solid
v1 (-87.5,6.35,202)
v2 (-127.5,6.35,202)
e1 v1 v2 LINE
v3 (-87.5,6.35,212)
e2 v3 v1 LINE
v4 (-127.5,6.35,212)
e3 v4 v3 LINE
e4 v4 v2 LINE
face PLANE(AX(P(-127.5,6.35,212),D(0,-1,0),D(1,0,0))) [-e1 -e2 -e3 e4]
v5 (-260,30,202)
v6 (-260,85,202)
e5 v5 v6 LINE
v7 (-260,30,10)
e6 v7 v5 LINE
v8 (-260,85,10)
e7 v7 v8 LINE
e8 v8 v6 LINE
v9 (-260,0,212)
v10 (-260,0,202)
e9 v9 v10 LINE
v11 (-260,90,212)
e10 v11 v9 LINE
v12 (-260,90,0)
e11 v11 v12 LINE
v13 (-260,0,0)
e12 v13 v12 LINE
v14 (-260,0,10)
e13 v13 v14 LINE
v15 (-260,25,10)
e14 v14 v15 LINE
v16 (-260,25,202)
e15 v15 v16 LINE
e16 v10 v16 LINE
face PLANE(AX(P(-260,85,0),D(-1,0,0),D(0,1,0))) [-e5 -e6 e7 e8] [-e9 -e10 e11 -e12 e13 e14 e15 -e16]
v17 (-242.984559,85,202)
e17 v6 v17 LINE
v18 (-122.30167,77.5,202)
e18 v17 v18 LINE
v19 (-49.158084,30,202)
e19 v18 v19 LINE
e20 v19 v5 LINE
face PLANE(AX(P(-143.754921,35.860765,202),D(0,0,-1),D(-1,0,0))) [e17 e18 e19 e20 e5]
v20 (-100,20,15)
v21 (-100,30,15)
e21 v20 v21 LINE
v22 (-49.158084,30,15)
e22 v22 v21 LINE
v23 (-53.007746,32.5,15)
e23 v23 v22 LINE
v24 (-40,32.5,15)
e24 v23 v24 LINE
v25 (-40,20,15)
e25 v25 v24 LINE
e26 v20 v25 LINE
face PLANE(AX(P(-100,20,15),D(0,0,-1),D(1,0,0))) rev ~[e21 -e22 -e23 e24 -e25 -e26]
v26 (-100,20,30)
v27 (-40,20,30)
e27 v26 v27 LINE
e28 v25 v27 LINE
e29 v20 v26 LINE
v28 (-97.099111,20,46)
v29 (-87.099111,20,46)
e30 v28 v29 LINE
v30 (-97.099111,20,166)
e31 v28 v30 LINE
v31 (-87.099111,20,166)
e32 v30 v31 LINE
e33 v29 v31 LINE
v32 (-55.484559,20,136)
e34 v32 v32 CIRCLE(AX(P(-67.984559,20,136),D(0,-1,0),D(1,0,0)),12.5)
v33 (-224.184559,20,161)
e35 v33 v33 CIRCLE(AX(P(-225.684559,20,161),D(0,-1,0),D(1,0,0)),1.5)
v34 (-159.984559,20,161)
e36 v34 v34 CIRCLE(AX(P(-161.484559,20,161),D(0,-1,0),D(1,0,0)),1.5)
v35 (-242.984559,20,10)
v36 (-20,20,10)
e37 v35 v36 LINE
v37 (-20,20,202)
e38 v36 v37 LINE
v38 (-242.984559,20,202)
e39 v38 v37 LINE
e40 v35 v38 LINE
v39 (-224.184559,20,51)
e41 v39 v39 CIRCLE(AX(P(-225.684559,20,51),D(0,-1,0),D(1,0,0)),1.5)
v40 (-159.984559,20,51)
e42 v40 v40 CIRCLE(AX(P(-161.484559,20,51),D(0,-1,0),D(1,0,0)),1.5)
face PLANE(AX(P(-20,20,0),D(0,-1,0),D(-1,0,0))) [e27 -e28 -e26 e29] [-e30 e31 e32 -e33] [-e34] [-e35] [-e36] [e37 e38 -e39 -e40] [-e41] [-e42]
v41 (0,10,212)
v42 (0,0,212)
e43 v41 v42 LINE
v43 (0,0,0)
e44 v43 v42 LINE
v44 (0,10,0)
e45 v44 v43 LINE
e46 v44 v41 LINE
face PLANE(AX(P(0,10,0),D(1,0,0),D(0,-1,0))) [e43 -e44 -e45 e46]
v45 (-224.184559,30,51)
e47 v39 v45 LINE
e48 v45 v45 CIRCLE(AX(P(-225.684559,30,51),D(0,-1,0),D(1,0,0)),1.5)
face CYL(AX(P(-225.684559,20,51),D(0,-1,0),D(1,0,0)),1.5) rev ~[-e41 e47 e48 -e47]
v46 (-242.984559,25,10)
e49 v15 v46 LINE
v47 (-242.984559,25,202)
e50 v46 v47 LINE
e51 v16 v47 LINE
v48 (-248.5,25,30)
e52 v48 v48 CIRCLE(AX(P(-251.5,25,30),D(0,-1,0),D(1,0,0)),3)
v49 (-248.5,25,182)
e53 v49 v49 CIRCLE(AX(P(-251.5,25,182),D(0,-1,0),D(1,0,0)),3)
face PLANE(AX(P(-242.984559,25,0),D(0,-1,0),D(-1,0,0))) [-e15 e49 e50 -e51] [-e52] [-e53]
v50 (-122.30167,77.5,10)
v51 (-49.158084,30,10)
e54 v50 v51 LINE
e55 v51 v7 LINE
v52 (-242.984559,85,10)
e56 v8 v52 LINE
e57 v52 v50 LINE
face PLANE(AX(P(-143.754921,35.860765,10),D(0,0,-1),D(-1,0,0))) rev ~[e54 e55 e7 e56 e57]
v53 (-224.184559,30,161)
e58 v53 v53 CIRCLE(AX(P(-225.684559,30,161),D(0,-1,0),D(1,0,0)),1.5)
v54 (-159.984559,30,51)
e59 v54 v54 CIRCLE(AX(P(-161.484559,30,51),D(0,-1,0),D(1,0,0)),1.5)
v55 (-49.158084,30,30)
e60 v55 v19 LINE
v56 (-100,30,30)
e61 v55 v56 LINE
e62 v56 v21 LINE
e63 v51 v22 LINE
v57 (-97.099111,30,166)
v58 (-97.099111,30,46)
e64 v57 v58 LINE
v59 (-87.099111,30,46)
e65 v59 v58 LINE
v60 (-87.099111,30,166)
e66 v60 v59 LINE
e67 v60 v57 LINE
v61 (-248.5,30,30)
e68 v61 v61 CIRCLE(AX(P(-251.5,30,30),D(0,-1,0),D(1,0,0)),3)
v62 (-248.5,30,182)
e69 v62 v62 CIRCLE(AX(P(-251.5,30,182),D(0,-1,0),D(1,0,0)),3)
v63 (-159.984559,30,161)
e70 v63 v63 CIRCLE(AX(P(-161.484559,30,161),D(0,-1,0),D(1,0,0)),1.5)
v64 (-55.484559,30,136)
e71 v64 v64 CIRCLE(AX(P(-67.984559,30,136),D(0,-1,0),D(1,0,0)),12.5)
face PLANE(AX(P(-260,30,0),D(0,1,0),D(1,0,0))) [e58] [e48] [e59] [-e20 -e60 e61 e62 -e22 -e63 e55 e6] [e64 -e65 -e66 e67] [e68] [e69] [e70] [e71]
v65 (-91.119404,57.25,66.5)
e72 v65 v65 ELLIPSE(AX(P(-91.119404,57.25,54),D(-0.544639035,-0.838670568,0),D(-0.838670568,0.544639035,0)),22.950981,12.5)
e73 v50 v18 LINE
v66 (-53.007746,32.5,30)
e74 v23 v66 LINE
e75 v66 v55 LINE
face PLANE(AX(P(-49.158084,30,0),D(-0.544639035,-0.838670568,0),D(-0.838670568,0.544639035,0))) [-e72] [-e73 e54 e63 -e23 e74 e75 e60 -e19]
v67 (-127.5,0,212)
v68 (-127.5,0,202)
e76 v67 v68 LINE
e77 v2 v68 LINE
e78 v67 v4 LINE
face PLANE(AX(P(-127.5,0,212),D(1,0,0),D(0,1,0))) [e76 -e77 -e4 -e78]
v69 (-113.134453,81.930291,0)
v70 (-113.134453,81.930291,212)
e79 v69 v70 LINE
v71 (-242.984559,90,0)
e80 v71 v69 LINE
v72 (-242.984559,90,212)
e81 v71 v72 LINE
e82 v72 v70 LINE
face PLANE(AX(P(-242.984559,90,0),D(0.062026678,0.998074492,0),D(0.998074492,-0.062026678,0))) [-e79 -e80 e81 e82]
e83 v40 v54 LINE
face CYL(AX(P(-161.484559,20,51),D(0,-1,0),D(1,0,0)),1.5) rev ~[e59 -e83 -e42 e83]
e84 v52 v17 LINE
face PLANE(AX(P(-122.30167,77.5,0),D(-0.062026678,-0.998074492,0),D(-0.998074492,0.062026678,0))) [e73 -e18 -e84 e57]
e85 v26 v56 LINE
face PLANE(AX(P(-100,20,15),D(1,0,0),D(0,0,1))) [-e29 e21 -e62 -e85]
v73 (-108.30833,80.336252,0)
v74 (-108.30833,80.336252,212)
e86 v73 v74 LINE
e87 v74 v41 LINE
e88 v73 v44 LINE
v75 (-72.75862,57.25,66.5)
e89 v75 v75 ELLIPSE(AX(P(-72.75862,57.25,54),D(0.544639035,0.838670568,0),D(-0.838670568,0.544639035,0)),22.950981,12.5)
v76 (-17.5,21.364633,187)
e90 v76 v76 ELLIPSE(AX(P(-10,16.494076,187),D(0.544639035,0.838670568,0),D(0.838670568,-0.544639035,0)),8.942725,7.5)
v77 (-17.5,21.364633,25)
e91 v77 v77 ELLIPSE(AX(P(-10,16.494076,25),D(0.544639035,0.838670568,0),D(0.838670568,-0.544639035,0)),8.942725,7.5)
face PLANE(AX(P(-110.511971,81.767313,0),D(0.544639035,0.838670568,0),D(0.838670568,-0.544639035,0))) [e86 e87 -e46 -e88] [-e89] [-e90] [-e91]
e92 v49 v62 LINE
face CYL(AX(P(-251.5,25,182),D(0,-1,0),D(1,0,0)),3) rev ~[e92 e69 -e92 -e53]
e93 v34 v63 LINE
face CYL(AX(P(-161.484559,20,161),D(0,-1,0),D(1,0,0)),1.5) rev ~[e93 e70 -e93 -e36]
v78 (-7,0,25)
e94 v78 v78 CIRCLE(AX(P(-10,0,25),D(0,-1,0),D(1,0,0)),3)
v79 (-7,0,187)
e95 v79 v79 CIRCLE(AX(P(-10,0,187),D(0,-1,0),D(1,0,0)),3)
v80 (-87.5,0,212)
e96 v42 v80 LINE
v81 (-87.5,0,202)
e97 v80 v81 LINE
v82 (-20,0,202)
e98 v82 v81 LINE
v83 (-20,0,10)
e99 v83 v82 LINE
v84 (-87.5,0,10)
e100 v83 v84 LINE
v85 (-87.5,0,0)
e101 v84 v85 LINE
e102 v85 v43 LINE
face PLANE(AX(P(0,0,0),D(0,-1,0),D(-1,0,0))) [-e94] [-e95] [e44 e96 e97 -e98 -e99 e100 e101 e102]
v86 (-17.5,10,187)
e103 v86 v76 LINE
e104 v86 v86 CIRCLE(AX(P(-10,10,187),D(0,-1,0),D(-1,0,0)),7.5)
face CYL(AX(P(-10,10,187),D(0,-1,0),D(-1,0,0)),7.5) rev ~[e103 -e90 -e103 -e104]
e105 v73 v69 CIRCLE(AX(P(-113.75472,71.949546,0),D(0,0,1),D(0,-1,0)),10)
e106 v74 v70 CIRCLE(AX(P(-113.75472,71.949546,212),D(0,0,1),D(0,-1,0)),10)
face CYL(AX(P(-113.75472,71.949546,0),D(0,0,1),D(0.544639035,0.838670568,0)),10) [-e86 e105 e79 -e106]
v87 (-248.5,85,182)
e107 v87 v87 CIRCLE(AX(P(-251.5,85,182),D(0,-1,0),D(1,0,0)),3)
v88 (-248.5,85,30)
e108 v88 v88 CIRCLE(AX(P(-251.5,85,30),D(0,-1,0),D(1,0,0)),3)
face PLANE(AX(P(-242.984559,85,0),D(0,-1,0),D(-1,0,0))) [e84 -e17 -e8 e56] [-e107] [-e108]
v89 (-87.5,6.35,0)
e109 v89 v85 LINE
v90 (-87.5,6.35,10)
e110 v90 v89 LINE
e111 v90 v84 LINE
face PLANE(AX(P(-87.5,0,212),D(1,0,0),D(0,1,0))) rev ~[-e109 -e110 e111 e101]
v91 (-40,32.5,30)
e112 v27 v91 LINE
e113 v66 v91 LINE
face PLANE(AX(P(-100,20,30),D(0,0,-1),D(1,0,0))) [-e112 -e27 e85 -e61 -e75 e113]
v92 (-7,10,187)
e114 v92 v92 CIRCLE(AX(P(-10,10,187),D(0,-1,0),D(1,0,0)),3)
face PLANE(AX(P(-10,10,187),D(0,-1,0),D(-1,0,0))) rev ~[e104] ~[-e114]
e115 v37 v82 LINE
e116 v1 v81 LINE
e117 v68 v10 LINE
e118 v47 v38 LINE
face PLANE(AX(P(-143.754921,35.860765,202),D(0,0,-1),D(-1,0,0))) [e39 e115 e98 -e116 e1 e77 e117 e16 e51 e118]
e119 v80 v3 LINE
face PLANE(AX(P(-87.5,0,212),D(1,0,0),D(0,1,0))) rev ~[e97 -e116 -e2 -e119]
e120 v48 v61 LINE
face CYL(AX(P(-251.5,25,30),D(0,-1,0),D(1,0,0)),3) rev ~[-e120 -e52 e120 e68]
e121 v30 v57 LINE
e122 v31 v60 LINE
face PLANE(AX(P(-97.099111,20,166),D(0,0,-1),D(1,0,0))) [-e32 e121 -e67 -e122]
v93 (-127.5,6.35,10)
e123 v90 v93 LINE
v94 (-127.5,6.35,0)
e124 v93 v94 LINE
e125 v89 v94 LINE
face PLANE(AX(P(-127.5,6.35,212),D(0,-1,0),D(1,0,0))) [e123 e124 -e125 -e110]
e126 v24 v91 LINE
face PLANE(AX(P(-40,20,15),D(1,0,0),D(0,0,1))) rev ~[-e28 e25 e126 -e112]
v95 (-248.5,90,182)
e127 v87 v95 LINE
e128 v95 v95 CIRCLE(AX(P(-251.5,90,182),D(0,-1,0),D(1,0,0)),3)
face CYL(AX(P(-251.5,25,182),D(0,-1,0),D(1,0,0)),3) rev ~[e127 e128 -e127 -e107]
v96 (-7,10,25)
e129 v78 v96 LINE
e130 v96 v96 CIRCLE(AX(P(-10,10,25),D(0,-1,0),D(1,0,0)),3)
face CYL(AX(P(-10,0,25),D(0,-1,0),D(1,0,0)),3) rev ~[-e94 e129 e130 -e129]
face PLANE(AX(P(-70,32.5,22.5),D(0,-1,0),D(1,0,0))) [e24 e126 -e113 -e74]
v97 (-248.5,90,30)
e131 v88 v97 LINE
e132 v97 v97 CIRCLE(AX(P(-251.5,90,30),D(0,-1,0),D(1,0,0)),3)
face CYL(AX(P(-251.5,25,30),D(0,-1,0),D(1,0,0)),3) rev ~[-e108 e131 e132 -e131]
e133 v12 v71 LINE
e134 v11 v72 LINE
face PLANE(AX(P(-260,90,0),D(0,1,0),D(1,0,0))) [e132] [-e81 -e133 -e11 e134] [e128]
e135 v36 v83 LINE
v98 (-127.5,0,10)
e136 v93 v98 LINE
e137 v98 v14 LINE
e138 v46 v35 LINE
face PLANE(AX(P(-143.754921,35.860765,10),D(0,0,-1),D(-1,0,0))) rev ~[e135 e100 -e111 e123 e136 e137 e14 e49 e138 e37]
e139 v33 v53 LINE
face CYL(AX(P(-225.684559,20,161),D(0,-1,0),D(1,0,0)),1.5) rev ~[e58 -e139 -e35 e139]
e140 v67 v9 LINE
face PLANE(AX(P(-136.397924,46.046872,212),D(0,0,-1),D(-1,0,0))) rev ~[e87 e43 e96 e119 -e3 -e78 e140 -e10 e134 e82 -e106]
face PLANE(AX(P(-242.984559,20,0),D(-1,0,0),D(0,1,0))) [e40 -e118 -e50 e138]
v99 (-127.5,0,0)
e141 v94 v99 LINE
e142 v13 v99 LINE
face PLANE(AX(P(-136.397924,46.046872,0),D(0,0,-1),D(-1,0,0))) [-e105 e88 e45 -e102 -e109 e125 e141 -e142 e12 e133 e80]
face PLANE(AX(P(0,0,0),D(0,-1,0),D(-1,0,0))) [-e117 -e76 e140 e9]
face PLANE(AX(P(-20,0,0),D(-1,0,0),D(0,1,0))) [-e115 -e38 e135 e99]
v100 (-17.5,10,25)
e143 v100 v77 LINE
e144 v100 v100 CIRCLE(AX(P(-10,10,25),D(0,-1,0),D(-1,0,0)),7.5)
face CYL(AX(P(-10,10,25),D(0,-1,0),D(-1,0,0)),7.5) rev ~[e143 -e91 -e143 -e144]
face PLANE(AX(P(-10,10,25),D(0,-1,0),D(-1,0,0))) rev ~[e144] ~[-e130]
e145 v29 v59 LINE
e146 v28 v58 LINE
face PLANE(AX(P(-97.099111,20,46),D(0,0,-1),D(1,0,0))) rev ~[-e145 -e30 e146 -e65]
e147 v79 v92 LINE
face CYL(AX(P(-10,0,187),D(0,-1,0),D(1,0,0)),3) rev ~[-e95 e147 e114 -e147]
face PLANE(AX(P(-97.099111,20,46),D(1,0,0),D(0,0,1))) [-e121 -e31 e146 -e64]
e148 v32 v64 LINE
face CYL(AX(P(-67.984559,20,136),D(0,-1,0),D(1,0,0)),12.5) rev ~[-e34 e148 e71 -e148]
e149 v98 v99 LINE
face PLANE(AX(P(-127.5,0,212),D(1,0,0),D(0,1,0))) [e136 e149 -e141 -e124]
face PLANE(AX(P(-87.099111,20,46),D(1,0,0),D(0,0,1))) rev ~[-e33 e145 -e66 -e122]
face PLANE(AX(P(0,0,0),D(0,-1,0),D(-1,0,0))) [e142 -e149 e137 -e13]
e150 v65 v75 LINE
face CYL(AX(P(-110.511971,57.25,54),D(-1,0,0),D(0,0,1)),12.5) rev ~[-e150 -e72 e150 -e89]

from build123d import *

# Parameters (mm, degrees)
BOSS_EXTRUDE1_DEPTH     = 212
BOSS_EXTRUDE2_DEPTH     = 10
BOSS_EXTRUDE3_DEPTH     = 10
SKETCH4_R               = 3
CUT_EXTRUDE1_DEPTH      = 91
SKETCH6_R               = 7.5
CUT_EXTRUDE2_DEPTH      = 81
SKETCH7_R               = 1.5
SKETCH7_R_2             = 12.5
SKETCH7_W               = 10
SKETCH7_H               = 120
SKETCH7_W_2             = 60
SKETCH7_H_2             = 15
CUT_EXTRUDE3_DEPTH      = 12.5
CUT_EXTRUDE4_REACH      = 112.512
SKETCH8_R               = 12.5
SKETCH9_R               = 3
CUT_EXTRUDE5_DEPTH      = 26
CUT_EXTRUDE5_DEPTH_BACK = 66
SKETCH10_W              = 40
SKETCH10_H              = 6.35
CUT_EXTRUDE6_DEPTH      = 1
CUT_EXTRUDE6_DEPTH_BACK = 213
FILLET1_R               = 10


with BuildPart() as part:
    # Sketch1 → Boss-Extrude1 (new body)
    with BuildSketch(Plane.XY):
        Polygon((0, 0), (-20, 0), (-20, 20), (-242.984559153, 20), (-242.984559153, 25), (-260, 25), (-260, 30), (-49.158083864, 30), (-122.301669645, 77.5), (-242.984559153, 85), (-260, 85), (-260, 90), (-242.984559153, 90), (-110.511971445, 81.767313396), (0, 10), align=None)
    extrude(amount=BOSS_EXTRUDE1_DEPTH)

    # Sketch2 → Boss-Extrude2 (add)
    with BuildSketch(Plane(origin=(0, 0, 0), x_dir=(-1, 0, 0), z_dir=(0, 0, -1))):
        Polygon((0, 0), (260, 0), (260, 90), (110.511971445, 81.767313396), (0, 10), align=None)
    extrude(amount=-BOSS_EXTRUDE2_DEPTH)

    # Sketch3 → Boss-Extrude3 (add)
    with BuildSketch(Plane.XY.offset(212)):
        Polygon((-110.511971445, 81.767313396), (0, 10), (0, 0), (-260, 0), (-260, 90), align=None)
    extrude(amount=-BOSS_EXTRUDE3_DEPTH)

    # Sketch4 → Cut-Extrude1 (cut, through all)
    with BuildSketch(Plane.XZ):
        with Locations((-10, 187)):
            Circle(SKETCH4_R)
        with Locations((-10, 25)):
            Circle(SKETCH4_R)
    extrude(amount=-CUT_EXTRUDE1_DEPTH, mode=Mode.SUBTRACT)

    # Sketch6 → Cut-Extrude2 (cut, through all)
    with BuildSketch(Plane(origin=(0, 10, 0), x_dir=(-1, 0, 0), z_dir=(0, -1, 0))):
        with Locations((10, -25)):
            Circle(SKETCH6_R)
        with Locations((10, -187)):
            Circle(SKETCH6_R)
    extrude(amount=-CUT_EXTRUDE2_DEPTH, mode=Mode.SUBTRACT)

    # Sketch7 → Cut-Extrude3 (cut)
    with BuildSketch(Plane.XZ.offset(-20)):
        with Locations((-161.484559153, 161)):
            Circle(SKETCH7_R)
        with Locations((-225.684559153, 161)):
            Circle(SKETCH7_R)
        with Locations((-161.484559153, 51)):
            Circle(SKETCH7_R)
        with Locations((-225.684559153, 51)):
            Circle(SKETCH7_R)
        with Locations((-67.984559153, 136)):
            Circle(SKETCH7_R_2)
        with Locations((-92.099111311, 106)):
            Rectangle(SKETCH7_W, SKETCH7_H)
        with Locations((-70, 22.5)):
            Rectangle(SKETCH7_W_2, SKETCH7_H_2)
    extrude(amount=-CUT_EXTRUDE3_DEPTH, mode=Mode.SUBTRACT)

    # Sketch8 → Cut-Extrude4 (cut, up to next)
    with BuildSketch(Plane.ZY.offset(110.511971445), mode=Mode.PRIVATE) as cut_extrude4_sk1:
        with Locations((54, 57.25)):
            Circle(SKETCH8_R)
    cut_extrude4_tool1 = extrude(cut_extrude4_sk1.sketch, amount=-CUT_EXTRUDE4_REACH, mode=Mode.PRIVATE) & part.part
    add(cut_extrude4_tool1.solids().sort_by_distance((-110.511971, 57.25, 54))[0], mode=Mode.SUBTRACT)

    # Sketch9 → Cut-Extrude5 (cut, two sides)
    with BuildSketch(Plane.XZ.offset(-25)) as cut_extrude5_sk:
        with Locations((-251.5, 182)):
            Circle(SKETCH9_R)
        with Locations((-251.5, 30)):
            Circle(SKETCH9_R)
    extrude(amount=CUT_EXTRUDE5_DEPTH, mode=Mode.SUBTRACT)
    extrude(cut_extrude5_sk.sketch, amount=-CUT_EXTRUDE5_DEPTH_BACK, mode=Mode.SUBTRACT)

    # Sketch10 → Cut-Extrude6 (cut, two sides)
    with BuildSketch(Plane.XY.offset(212)) as cut_extrude6_sk:
        with Locations((-107.5, 3.175)):
            Rectangle(SKETCH10_W, SKETCH10_H)
    extrude(amount=CUT_EXTRUDE6_DEPTH, mode=Mode.SUBTRACT)
    extrude(cut_extrude6_sk.sketch, amount=-CUT_EXTRUDE6_DEPTH_BACK, mode=Mode.SUBTRACT)

    # Fillet1
    fillet1_edges = [part.edges().sort_by_distance(p)[0] for p in [
        (-110.511971445, 81.767313396, 106),
    ]]
    fillet(fillet1_edges, radius=FILLET1_R)


solid = part.part
